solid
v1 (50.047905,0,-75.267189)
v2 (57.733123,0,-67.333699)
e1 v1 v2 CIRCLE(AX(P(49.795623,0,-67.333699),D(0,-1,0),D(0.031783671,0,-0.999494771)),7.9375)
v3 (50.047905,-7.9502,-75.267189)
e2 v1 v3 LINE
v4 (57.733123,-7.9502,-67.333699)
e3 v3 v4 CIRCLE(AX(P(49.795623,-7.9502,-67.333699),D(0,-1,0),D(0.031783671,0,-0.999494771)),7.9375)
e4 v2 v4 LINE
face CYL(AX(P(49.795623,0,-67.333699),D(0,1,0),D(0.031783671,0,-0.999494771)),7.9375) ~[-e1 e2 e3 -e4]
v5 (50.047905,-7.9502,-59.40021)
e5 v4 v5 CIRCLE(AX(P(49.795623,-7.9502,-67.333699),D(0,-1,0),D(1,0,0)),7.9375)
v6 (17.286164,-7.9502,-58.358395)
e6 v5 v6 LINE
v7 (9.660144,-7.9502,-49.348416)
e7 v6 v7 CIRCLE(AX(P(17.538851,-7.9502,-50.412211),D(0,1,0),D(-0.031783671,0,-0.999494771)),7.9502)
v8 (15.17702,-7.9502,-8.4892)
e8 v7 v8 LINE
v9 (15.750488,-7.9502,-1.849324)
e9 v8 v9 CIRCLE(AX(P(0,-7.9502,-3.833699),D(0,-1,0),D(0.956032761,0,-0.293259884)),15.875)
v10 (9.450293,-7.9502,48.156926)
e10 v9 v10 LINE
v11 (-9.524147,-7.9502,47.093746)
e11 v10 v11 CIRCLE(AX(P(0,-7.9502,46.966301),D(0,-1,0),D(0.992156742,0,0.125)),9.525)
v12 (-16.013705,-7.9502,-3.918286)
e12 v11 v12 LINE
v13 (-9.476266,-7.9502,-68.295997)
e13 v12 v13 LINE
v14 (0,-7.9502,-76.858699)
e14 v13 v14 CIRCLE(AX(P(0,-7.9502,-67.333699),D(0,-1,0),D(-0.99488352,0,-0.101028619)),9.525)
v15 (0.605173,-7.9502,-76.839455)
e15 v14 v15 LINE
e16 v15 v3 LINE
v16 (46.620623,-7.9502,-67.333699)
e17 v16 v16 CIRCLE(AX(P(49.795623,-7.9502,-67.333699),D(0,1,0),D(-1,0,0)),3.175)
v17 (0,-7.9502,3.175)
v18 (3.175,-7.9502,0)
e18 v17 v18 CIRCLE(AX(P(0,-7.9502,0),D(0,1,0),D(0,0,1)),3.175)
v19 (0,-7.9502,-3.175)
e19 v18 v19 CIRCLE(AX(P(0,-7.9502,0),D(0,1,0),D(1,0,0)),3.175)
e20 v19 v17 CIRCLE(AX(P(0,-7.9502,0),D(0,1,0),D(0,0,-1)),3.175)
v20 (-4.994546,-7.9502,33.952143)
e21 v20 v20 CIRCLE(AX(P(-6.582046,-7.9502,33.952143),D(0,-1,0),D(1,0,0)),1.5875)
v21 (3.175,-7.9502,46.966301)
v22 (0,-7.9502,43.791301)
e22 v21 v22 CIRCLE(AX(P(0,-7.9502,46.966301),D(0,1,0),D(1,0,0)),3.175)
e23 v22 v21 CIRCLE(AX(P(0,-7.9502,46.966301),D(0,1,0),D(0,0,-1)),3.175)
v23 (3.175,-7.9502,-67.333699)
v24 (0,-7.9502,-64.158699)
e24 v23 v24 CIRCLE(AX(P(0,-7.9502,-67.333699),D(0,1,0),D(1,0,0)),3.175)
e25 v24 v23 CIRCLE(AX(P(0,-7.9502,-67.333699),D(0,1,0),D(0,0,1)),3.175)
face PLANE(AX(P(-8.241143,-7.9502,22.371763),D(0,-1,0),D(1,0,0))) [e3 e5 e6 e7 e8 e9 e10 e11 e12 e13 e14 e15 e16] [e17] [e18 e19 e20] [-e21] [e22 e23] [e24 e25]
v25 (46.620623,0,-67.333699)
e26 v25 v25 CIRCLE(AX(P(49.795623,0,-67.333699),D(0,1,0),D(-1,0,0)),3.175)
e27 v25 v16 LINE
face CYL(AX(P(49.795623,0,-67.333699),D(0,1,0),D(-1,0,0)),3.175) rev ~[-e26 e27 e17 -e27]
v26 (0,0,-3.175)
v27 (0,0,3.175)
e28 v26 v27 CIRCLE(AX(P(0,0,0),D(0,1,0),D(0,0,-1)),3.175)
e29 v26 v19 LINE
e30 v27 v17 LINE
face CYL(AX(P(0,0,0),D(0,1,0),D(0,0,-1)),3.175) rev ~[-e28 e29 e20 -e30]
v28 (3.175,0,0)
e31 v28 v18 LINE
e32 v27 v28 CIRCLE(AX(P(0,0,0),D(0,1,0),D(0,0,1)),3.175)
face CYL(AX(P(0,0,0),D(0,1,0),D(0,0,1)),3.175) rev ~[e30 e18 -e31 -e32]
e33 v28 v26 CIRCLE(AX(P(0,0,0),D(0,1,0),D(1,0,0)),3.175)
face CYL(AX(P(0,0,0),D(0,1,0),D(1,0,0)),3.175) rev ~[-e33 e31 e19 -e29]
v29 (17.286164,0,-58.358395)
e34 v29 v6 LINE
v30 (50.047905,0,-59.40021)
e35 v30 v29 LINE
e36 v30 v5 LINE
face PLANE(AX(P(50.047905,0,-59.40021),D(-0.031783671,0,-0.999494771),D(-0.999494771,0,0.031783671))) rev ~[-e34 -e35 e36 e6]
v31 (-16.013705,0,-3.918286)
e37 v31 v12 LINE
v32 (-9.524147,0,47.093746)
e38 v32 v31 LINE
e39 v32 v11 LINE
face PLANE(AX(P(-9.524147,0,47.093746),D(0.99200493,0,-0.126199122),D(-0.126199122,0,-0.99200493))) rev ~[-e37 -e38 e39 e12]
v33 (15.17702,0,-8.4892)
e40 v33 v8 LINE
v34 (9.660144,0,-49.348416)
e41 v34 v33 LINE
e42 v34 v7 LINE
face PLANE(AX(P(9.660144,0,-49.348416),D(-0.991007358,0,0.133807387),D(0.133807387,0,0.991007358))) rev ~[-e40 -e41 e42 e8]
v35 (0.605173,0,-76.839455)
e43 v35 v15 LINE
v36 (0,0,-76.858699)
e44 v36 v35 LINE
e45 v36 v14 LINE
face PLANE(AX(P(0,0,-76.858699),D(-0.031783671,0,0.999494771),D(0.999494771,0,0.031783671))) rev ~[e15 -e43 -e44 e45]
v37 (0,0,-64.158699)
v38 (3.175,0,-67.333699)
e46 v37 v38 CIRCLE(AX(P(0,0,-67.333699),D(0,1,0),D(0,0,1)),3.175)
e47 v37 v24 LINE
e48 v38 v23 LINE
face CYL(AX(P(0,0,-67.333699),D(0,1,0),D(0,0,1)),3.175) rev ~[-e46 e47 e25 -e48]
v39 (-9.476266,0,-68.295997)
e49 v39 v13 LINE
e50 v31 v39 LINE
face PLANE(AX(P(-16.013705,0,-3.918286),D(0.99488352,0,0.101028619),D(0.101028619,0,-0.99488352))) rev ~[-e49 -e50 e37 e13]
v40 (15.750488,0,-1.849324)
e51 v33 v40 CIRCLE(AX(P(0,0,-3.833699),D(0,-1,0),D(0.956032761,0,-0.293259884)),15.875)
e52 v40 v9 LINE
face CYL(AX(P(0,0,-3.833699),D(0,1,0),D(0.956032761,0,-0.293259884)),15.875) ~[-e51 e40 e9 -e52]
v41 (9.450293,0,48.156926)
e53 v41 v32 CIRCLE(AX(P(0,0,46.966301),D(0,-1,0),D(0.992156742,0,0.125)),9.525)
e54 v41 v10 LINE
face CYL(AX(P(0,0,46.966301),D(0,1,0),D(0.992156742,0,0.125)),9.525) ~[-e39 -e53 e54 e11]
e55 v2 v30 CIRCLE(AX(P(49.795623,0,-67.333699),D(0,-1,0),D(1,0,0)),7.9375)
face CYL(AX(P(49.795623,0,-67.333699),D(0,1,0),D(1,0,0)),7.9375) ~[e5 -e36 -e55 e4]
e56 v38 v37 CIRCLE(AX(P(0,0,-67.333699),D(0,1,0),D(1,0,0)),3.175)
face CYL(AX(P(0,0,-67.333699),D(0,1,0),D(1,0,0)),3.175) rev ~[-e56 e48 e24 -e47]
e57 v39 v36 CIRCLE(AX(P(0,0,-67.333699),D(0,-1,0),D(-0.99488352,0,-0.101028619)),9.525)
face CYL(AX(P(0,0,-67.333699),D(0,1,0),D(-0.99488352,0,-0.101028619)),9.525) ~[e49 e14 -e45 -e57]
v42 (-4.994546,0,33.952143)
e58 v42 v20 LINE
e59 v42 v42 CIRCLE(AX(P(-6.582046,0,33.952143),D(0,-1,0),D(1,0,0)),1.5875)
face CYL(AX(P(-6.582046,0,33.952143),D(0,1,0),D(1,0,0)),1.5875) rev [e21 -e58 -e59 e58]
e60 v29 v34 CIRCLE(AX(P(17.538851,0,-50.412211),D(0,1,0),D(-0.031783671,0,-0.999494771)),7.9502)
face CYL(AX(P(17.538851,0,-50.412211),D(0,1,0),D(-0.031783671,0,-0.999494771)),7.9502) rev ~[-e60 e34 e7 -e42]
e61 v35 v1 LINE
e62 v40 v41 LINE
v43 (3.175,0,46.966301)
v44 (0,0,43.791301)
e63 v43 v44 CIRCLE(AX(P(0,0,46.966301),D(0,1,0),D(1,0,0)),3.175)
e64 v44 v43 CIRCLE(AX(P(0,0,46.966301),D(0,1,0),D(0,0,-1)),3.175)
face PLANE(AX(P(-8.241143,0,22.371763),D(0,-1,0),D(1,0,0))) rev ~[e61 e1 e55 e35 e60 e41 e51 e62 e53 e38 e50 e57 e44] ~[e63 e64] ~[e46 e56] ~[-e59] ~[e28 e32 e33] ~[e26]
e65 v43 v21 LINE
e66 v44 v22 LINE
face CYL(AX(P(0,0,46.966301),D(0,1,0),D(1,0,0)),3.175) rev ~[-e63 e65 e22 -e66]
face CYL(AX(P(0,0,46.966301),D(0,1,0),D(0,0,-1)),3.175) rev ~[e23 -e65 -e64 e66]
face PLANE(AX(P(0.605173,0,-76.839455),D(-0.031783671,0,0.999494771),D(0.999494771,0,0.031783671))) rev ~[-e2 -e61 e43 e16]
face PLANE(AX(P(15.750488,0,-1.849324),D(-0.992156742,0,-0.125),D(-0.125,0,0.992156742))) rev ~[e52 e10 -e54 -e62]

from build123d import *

# Parameters (mm, degrees)
F0_R     = 1.5875
F1_DEPTH = 7.9502


with BuildPart() as f1:
    # F0 (on Front) → F1 (new body)
    with BuildSketch(Plane.XZ):
        with BuildLine():
            Line((0, 12.0413007322), (0, 37.4413007322))
            ThreePointArc((0, 37.4413007322), (-6.7801009863, 40.2763189971), (-9.5241473512, 47.0937457472))
            Line((-9.5241473512, 47.0937457472), (-15.7480782934, -1.8302884103))
            ThreePointArc((-15.7480782934, -1.8302884103), (-10.4931281713, 8.0788943281), (0, 12.0413007322))
        make_face()
        with Locations((-6.5820463933, 33.9521430433)):
            Circle(F0_R, mode=Mode.SUBTRACT)
        with BuildLine():
            ThreePointArc((9.525, 46.9663007322), (6.7351920908, 40.2311086414), (0, 37.4413007322))
            Line((0, 37.4413007322), (0, 12.0413007322))
            ThreePointArc((0, 12.0413007322), (10.5003255158, 8.0725507322), (15.7504882737, -1.8493242678))
            Line((15.7504882737, -1.8493242678), (9.4502929642, 48.1569257322))
            ThreePointArc((9.4502929642, 48.1569257322), (9.5063048942, 47.5627839741), (9.525, 46.9663007322))
        make_face()
        with BuildLine():
            ThreePointArc((-9.5241473512, 47.0937457472), (-6.7801009863, 40.2763189971), (0, 37.4413007322))
            ThreePointArc((0, 37.4413007322), (6.7351920908, 40.2311086414), (9.525, 46.9663007322))
            ThreePointArc((9.525, 46.9663007322), (9.5063048942, 47.5627839741), (9.4502929642, 48.1569257322))
            ThreePointArc((9.4502929642, 48.1569257322), (-0.5328710329, 56.4763834585), (-9.5241473512, 47.0937457472))
        make_face()
        with BuildLine():
            ThreePointArc((3.175, 46.9663007322), (2.2450640303, 44.7212367019), (0, 43.7913007322))
            ThreePointArc((0, 43.7913007322), (-2.2450640303, 49.2113647624), (3.175, 46.9663007322))
        make_face(mode=Mode.SUBTRACT)
        with BuildLine():
            ThreePointArc((15.7504882737, -1.8493242678), (10.5003255158, 8.0725507322), (0, 12.0413007322))
            Line((0, 12.0413007322), (0, 3.175))
            ThreePointArc((0, 3.175), (2.2450640303, 2.2450640303), (3.175, 0))
            ThreePointArc((3.175, 0), (2.2450640303, -2.2450640303), (0, -3.175))
            Line((0, -3.175), (0, -19.7086992678))
            ThreePointArc((0, -19.7086992678), (9.4368838065, -16.5993112399), (15.1770200819, -8.4891999321))
            ThreePointArc((15.1770200819, -8.4891999321), (15.6995353243, -6.1874655265), (15.875, -3.8336992678))
            ThreePointArc((15.875, -3.8336992678), (15.8438414904, -2.8395605312), (15.7504882737, -1.8493242678))
        make_face()
        with BuildLine():
            Line((0, 3.175), (0, 12.0413007322))
            ThreePointArc((0, 12.0413007322), (-10.4931281713, 8.0788943281), (-15.7480782934, -1.8302884103))
            ThreePointArc((-15.7480782934, -1.8302884103), (-11.9125935959, -14.3268274391), (0, -19.7086992678))
            Line((0, -19.7086992678), (0, -3.175))
            ThreePointArc((0, -3.175), (-3.175, 0), (0, 3.175))
        make_face()
        with BuildLine():
            ThreePointArc((0, -19.7086992678), (-11.9125935959, -14.3268274391), (-15.7480782934, -1.8302884103))
            Line((-15.7480782934, -1.8302884103), (-16.0137054558, -3.9182859294))
            Line((-16.0137054558, -3.9182859294), (-9.4762655267, -68.2959968664))
            ThreePointArc((-9.4762655267, -68.2959968664), (-7.067231057, -60.9477874154), (0, -57.8086992678))
            Line((0, -57.8086992678), (0, -19.7086992678))
        make_face()
        with BuildLine():
            ThreePointArc((15.1770200819, -8.4891999321), (9.4368838065, -16.5993112399), (0, -19.7086992678))
            Line((0, -19.7086992678), (0, -57.8086992678))
            ThreePointArc((0, -57.8086992678), (6.7351920908, -60.598507177), (9.525, -67.3336992678))
            Line((9.525, -67.3336992678), (41.8581225716, -67.3336992678))
            ThreePointArc((41.8581225716, -67.3336992678), (44.2728781992, -61.6325414164), (50.0479054623, -59.4002095191))
            Line((50.0479054623, -59.4002095191), (17.2861640166, -58.3583947443))
            ThreePointArc((17.2861640166, -58.3583947443), (11.470504938, -55.5484416885), (9.6601438639, -49.3484159244))
            Line((9.6601438639, -49.3484159244), (15.1770200819, -8.4891999321))
        make_face()
        with BuildLine():
            Line((41.8581225716, -67.3336992678), (9.525, -67.3336992678))
            ThreePointArc((9.525, -67.3336992678), (6.9458584111, -73.8514194163), (0.6051730325, -76.8394549243))
            Line((0.6051730325, -76.8394549243), (50.0479054623, -75.2671890166))
            ThreePointArc((50.0479054623, -75.2671890166), (44.2728781992, -73.0348571193), (41.8581225716, -67.3336992678))
        make_face()
        with BuildLine():
            Line((0, -64.1586992678), (0, -57.8086992678))
            ThreePointArc((0, -57.8086992678), (-7.067231057, -60.9477874154), (-9.4762655267, -68.2959968664))
            ThreePointArc((-9.4762655267, -68.2959968664), (-6.3859118524, -74.4009303248), (0, -76.8586992678))
            Line((0, -76.8586992678), (0.6051730325, -76.8394549243))
            ThreePointArc((0.6051730325, -76.8394549243), (6.9458584111, -73.8514194163), (9.525, -67.3336992678))
            Line((9.525, -67.3336992678), (3.175, -67.3336992678))
            ThreePointArc((3.175, -67.3336992678), (-2.2450640303, -69.5787632981), (0, -64.1586992678))
        make_face()
        with BuildLine():
            ThreePointArc((9.525, -67.3336992678), (6.7351920908, -60.598507177), (0, -57.8086992678))
            Line((0, -57.8086992678), (0, -64.1586992678))
            ThreePointArc((0, -64.1586992678), (2.2450640303, -65.0886352376), (3.175, -67.3336992678))
            Line((3.175, -67.3336992678), (9.525, -67.3336992678))
        make_face()
        with BuildLine():
            ThreePointArc((50.0479054623, -59.4002095191), (44.2728781992, -61.6325414164), (41.8581225716, -67.3336992678))
            ThreePointArc((41.8581225716, -67.3336992678), (44.2728781992, -73.0348571193), (50.0479054623, -75.2671890166))
            ThreePointArc((50.0479054623, -75.2671890166), (55.4967804231, -72.8564436402), (57.7331225716, -67.3336992678))
            ThreePointArc((57.7331225716, -67.3336992678), (55.4967804231, -61.8109548955), (50.0479054623, -59.4002095191))
        make_face()
        with BuildLine():
            ThreePointArc((52.9706225716, -67.3336992678), (49.7956225716, -70.5086992678), (46.6206225716, -67.3336992678))
            ThreePointArc((46.6206225716, -67.3336992678), (49.7956225716, -64.1586992678), (52.9706225716, -67.3336992678))
        make_face(mode=Mode.SUBTRACT)
    extrude(amount=F1_DEPTH)


solid = f1.part
